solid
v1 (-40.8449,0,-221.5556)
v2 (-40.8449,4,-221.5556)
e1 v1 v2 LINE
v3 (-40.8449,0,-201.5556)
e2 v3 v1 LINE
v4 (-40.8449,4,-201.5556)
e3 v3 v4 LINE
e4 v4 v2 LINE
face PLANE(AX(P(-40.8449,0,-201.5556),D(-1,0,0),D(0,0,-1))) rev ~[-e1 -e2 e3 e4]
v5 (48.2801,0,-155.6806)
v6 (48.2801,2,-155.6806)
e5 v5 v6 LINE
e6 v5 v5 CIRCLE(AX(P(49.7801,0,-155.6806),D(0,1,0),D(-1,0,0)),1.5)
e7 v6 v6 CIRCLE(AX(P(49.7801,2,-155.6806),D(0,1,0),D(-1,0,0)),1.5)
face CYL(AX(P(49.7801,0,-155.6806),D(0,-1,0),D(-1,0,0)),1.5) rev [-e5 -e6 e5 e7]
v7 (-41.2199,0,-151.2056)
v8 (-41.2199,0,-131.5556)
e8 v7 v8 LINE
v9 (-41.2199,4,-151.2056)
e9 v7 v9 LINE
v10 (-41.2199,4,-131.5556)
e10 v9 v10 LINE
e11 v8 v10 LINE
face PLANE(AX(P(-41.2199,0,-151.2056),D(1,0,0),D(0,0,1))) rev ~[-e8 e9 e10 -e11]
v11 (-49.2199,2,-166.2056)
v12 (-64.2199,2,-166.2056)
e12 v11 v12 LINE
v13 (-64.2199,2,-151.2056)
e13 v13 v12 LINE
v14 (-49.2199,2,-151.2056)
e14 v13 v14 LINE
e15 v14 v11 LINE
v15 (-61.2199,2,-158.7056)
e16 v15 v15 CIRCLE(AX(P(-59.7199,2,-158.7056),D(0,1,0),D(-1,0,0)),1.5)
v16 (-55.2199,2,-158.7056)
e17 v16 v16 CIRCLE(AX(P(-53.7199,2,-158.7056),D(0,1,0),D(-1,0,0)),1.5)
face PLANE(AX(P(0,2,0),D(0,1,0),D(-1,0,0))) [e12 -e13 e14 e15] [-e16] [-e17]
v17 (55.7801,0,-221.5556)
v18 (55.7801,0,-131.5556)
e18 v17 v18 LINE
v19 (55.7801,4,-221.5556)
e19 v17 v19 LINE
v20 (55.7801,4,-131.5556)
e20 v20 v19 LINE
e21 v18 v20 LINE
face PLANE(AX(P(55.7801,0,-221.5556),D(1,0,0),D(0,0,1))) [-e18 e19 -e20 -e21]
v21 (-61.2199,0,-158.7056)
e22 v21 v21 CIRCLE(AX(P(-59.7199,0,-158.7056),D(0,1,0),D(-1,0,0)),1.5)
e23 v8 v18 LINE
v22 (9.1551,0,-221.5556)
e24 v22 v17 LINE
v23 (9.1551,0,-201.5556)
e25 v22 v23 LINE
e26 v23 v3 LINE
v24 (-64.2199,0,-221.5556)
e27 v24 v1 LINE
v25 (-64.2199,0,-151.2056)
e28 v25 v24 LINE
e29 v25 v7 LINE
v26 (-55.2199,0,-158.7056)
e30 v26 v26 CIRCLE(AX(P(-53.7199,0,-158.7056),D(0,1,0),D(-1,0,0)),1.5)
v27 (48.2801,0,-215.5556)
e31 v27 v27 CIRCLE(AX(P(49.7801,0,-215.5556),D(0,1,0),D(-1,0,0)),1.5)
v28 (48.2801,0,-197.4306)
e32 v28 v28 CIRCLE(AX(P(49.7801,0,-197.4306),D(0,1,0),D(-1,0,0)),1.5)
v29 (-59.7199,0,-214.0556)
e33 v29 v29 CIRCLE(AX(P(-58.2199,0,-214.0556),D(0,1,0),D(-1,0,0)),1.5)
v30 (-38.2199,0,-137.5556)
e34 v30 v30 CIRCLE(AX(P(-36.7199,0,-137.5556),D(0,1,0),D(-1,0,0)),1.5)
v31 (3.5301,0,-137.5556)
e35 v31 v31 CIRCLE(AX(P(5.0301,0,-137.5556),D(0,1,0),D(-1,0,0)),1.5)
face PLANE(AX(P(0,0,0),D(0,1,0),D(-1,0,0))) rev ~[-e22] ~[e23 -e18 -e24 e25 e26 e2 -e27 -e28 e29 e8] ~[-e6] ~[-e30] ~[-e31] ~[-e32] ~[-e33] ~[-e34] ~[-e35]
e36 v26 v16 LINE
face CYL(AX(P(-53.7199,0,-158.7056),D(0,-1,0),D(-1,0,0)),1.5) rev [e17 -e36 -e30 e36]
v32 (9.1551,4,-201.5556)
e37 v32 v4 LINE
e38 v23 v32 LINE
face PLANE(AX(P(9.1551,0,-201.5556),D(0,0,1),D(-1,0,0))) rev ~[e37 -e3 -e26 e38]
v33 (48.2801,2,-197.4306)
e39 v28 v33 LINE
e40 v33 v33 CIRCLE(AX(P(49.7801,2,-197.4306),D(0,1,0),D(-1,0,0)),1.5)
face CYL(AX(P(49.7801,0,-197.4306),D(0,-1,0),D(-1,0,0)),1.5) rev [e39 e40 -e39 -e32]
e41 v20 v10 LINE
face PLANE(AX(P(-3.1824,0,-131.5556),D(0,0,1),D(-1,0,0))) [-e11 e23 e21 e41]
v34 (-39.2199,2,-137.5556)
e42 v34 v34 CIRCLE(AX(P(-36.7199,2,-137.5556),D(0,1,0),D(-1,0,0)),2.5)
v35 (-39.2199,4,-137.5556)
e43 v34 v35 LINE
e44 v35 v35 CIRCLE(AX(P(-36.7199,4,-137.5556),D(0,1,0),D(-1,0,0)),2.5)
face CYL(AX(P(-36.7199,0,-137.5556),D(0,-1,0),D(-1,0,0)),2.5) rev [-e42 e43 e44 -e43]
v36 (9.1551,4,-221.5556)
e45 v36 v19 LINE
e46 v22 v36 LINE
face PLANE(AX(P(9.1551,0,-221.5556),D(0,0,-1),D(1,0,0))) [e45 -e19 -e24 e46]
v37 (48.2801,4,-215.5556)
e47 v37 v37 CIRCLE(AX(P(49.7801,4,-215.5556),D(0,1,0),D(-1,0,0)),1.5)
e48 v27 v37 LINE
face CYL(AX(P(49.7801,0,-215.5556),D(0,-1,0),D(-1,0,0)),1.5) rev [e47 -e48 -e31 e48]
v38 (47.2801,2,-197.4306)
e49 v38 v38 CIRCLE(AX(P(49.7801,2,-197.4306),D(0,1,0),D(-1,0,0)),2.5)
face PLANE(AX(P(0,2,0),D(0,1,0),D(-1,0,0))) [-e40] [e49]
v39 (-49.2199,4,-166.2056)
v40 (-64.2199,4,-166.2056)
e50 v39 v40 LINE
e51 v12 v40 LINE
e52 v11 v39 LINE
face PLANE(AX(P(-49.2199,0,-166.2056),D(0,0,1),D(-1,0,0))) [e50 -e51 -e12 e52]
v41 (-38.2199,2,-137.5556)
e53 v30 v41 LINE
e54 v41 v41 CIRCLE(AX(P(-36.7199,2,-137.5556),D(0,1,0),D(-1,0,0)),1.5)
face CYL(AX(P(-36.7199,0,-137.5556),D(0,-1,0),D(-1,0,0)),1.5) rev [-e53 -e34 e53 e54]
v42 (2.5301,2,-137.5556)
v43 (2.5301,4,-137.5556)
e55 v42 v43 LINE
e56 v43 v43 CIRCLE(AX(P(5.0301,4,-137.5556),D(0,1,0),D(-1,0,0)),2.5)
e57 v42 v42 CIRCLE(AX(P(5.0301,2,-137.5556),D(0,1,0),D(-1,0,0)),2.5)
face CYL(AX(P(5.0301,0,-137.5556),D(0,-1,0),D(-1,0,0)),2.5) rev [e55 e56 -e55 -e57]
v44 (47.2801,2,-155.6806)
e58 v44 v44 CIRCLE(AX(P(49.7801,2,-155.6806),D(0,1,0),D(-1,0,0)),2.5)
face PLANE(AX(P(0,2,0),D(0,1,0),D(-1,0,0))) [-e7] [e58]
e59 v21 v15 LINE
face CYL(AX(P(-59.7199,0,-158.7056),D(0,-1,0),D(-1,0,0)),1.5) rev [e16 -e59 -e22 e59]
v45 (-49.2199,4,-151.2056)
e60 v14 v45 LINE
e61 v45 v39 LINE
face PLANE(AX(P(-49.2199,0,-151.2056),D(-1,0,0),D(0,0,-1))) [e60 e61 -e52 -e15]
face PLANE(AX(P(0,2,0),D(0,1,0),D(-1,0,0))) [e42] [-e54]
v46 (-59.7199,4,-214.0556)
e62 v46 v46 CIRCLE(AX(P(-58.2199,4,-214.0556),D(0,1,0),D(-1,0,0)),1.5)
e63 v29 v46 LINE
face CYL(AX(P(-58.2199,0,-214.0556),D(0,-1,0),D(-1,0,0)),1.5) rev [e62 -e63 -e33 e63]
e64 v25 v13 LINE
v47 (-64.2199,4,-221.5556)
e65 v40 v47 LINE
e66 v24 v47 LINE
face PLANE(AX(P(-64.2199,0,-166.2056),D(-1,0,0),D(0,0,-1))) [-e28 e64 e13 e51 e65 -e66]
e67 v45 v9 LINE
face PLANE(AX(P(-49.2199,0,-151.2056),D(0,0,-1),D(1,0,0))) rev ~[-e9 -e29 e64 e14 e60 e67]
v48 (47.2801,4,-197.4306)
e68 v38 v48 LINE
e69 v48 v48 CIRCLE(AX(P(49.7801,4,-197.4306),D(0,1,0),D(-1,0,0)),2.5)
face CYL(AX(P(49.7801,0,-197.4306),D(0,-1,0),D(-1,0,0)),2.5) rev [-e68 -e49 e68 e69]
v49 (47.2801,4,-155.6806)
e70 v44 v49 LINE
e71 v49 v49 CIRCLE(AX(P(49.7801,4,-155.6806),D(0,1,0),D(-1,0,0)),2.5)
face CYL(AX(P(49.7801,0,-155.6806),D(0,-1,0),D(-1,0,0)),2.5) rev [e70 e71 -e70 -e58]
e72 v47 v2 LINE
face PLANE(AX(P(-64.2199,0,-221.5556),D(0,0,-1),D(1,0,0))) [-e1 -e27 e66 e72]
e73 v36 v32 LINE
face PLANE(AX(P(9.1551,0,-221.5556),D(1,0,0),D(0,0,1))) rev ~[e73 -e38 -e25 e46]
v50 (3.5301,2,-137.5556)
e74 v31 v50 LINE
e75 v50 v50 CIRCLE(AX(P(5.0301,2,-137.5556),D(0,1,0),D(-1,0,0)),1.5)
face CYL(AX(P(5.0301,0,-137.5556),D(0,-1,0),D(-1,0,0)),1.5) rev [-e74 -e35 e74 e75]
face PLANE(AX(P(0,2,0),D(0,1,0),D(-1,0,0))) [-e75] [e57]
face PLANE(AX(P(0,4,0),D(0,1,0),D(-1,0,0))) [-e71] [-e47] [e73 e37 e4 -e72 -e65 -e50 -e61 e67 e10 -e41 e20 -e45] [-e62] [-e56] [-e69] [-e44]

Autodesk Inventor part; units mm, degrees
ref_plane "YZ Plane" through (0, 0, 0) normal (1, 0, 0) x (0, 1, 0)
ref_plane "XZ Plane" through (0, 0, 0) normal (0, 1, 0) x (-1, 0, 0)
ref_plane "XY Plane" through (0, 0, 0) normal (0, 0, 1) x (1, 0, 0)
sketch "Sketch1" plane through (0, 0, 0) normal (0, 1, 0) x (-1, 0, 0)
  line L0 (64.2199, -131.5556) -> (64.2199, -221.5556)
  line L1 (3.3449, -196.5556) -> (3.3449, -176.5556)
  circle A0 centre (9.8449, -186.5556) radius 1.5
  line L2 (-9.1551, -221.5556) -> (-9.1551, -201.5556)
  circle A1 centre (21.8449, -186.5556) radius 1.5
  line L3 (3.3449, -176.5556) -> (28.3449, -176.5556)
  line L4 (28.3449, -196.5556) -> (3.3449, -196.5556)
  line L5 (28.3449, -176.5556) -> (28.3449, -196.5556)
  line L6 (64.2199, -221.5556) -> (-55.7801, -221.5556)
  line L7 (-9.1551, -201.5556) -> (40.8449, -201.5556)
  line L8 (40.8449, -221.5556) -> (-9.1551, -221.5556)
  circle A2 centre (58.2199, -214.0556) radius 1.5
  line L9 (40.8449, -201.5556) -> (40.8449, -221.5556)
  line L10 (30.8449, -173.5556) -> (15.8449, -173.5556)
  line L11 (15.8449, -173.5556) -> (15.8449, -143.5556)
  line L12 (15.8449, -143.5556) -> (30.8449, -143.5556)
  line L13 (30.8449, -143.5556) -> (30.8449, -173.5556)
  line L14 (0.8449, -173.5556) -> (15.8449, -173.5556)
  circle A3 centre (8.3449, -164.5556) radius 1.5
  circle A4 centre (8.3449, -152.5556) radius 1.5
  circle A5 centre (23.3449, -164.5556) radius 1.5
  line L15 (0.8449, -143.5556) -> (0.8449, -173.5556)
  line L16 (15.8449, -173.5556) -> (15.8449, -143.5556)
  line L17 (15.8449, -143.5556) -> (0.8449, -143.5556)
  circle A6 centre (23.3449, -152.5556) radius 1.5
  line L18 (49.2199, -166.2056) -> (64.2199, -166.2056)
  circle A7 centre (53.7199, -158.7056) radius 1.5
  circle A8 centre (53.7199, -158.7056) radius 2.5
  circle A9 centre (59.7199, -158.7056) radius 1.5
  circle A10 centre (59.7199, -158.7056) radius 2.5
  line L19 (49.2199, -151.2056) -> (49.2199, -166.2056)
  line L20 (64.2199, -166.2056) -> (64.2199, -151.2056)
  line L21 (64.2199, -151.2056) -> (49.2199, -151.2056)
  line L22 (64.2199, -148.5556) -> (64.2199, -131.5556)
  line L23 (64.2199, -131.5556) -> (49.2199, -131.5556)
  line L24 (-55.7801, -221.5556) -> (-55.7801, -131.5556)
  line L25 (-55.7801, -131.5556) -> (-6.8176, -131.5556)
  line L26 (-55.7801, -176.5556) -> (-55.7801, -171.5556)
  line L27 (-55.7801, -171.5556) -> (-55.7801, -181.5556)
  circle A11 centre (-49.7801, -215.5556) radius 1.5
  circle A12 centre (-49.7801, -155.6806) radius 1.5
  circle A13 centre (-49.7801, -155.6806) radius 2.5
  line L28 (-41.5051, -176.5556) -> (-60.5551, -176.5556) construction
  circle A14 centre (-49.7801, -197.4306) radius 2.5
  circle A15 centre (-49.7801, -197.4306) radius 1.5
  line L29 (3.1824, -131.5556) -> (64.2199, -131.5556)
  circle A16 centre (36.7199, -137.5556) radius 2.5
  circle A17 centre (36.7199, -137.5556) radius 1.5
  line L30 (3.1824, -131.5556) -> (-6.8176, -131.5556)
  circle A18 centre (-5.0301, -137.5556) radius 1.5
  circle A19 centre (-5.0301, -137.5556) radius 2.5
  line L31 (15.8449, -176.5556) -> (15.8449, -139.0556) construction
  line L32 (49.2199, -151.2056) -> (41.2199, -151.2056)
  line L33 (41.2199, -151.2056) -> (41.2199, -131.5556)
  point P0 (0, -174.625)
  point P1 (-1.8176, -176.5556)
  point P2 (3.3449, -186.5556)
  point P3 (36.7199, -143.5556)
  point P4 (-5.0301, -143.5556)
  point P5 (-9.1551, -221.5556)
  point P6 (44.2199, -131.5556)
  dimension "d32" = 12
  dimension "d33" = 7.5
  dimension "d34" = 7.5
  dimension "d35" = 12
  dimension "d36" = 0
  dimension "d37" = 0
  dimension "d39" = 8
extrude "Extrusion1" add sketch "Sketch1" along normal blind 4 contours L33 L32 L19 L18 L0 L6 L9 L7 L2 L24 L25 L30 L29 | L1 L3 L5 L4 | A0 | A1 | L10 L11 L12 L13 | L14 L15 L17 L11 | A3 | A4 | A5 | A6
extrude "Extrusion2" add sketch "Sketch1" along normal blind 2 contours L0 L18 L19 L21 | L1 L3 L5 L4 | L10 L11 L12 L13 | L14 L15 L17 L11 | A8 | A10 | A13 | A14 | A16 | A19
properties part number "Casis Kanan Atas_3DPrint"
